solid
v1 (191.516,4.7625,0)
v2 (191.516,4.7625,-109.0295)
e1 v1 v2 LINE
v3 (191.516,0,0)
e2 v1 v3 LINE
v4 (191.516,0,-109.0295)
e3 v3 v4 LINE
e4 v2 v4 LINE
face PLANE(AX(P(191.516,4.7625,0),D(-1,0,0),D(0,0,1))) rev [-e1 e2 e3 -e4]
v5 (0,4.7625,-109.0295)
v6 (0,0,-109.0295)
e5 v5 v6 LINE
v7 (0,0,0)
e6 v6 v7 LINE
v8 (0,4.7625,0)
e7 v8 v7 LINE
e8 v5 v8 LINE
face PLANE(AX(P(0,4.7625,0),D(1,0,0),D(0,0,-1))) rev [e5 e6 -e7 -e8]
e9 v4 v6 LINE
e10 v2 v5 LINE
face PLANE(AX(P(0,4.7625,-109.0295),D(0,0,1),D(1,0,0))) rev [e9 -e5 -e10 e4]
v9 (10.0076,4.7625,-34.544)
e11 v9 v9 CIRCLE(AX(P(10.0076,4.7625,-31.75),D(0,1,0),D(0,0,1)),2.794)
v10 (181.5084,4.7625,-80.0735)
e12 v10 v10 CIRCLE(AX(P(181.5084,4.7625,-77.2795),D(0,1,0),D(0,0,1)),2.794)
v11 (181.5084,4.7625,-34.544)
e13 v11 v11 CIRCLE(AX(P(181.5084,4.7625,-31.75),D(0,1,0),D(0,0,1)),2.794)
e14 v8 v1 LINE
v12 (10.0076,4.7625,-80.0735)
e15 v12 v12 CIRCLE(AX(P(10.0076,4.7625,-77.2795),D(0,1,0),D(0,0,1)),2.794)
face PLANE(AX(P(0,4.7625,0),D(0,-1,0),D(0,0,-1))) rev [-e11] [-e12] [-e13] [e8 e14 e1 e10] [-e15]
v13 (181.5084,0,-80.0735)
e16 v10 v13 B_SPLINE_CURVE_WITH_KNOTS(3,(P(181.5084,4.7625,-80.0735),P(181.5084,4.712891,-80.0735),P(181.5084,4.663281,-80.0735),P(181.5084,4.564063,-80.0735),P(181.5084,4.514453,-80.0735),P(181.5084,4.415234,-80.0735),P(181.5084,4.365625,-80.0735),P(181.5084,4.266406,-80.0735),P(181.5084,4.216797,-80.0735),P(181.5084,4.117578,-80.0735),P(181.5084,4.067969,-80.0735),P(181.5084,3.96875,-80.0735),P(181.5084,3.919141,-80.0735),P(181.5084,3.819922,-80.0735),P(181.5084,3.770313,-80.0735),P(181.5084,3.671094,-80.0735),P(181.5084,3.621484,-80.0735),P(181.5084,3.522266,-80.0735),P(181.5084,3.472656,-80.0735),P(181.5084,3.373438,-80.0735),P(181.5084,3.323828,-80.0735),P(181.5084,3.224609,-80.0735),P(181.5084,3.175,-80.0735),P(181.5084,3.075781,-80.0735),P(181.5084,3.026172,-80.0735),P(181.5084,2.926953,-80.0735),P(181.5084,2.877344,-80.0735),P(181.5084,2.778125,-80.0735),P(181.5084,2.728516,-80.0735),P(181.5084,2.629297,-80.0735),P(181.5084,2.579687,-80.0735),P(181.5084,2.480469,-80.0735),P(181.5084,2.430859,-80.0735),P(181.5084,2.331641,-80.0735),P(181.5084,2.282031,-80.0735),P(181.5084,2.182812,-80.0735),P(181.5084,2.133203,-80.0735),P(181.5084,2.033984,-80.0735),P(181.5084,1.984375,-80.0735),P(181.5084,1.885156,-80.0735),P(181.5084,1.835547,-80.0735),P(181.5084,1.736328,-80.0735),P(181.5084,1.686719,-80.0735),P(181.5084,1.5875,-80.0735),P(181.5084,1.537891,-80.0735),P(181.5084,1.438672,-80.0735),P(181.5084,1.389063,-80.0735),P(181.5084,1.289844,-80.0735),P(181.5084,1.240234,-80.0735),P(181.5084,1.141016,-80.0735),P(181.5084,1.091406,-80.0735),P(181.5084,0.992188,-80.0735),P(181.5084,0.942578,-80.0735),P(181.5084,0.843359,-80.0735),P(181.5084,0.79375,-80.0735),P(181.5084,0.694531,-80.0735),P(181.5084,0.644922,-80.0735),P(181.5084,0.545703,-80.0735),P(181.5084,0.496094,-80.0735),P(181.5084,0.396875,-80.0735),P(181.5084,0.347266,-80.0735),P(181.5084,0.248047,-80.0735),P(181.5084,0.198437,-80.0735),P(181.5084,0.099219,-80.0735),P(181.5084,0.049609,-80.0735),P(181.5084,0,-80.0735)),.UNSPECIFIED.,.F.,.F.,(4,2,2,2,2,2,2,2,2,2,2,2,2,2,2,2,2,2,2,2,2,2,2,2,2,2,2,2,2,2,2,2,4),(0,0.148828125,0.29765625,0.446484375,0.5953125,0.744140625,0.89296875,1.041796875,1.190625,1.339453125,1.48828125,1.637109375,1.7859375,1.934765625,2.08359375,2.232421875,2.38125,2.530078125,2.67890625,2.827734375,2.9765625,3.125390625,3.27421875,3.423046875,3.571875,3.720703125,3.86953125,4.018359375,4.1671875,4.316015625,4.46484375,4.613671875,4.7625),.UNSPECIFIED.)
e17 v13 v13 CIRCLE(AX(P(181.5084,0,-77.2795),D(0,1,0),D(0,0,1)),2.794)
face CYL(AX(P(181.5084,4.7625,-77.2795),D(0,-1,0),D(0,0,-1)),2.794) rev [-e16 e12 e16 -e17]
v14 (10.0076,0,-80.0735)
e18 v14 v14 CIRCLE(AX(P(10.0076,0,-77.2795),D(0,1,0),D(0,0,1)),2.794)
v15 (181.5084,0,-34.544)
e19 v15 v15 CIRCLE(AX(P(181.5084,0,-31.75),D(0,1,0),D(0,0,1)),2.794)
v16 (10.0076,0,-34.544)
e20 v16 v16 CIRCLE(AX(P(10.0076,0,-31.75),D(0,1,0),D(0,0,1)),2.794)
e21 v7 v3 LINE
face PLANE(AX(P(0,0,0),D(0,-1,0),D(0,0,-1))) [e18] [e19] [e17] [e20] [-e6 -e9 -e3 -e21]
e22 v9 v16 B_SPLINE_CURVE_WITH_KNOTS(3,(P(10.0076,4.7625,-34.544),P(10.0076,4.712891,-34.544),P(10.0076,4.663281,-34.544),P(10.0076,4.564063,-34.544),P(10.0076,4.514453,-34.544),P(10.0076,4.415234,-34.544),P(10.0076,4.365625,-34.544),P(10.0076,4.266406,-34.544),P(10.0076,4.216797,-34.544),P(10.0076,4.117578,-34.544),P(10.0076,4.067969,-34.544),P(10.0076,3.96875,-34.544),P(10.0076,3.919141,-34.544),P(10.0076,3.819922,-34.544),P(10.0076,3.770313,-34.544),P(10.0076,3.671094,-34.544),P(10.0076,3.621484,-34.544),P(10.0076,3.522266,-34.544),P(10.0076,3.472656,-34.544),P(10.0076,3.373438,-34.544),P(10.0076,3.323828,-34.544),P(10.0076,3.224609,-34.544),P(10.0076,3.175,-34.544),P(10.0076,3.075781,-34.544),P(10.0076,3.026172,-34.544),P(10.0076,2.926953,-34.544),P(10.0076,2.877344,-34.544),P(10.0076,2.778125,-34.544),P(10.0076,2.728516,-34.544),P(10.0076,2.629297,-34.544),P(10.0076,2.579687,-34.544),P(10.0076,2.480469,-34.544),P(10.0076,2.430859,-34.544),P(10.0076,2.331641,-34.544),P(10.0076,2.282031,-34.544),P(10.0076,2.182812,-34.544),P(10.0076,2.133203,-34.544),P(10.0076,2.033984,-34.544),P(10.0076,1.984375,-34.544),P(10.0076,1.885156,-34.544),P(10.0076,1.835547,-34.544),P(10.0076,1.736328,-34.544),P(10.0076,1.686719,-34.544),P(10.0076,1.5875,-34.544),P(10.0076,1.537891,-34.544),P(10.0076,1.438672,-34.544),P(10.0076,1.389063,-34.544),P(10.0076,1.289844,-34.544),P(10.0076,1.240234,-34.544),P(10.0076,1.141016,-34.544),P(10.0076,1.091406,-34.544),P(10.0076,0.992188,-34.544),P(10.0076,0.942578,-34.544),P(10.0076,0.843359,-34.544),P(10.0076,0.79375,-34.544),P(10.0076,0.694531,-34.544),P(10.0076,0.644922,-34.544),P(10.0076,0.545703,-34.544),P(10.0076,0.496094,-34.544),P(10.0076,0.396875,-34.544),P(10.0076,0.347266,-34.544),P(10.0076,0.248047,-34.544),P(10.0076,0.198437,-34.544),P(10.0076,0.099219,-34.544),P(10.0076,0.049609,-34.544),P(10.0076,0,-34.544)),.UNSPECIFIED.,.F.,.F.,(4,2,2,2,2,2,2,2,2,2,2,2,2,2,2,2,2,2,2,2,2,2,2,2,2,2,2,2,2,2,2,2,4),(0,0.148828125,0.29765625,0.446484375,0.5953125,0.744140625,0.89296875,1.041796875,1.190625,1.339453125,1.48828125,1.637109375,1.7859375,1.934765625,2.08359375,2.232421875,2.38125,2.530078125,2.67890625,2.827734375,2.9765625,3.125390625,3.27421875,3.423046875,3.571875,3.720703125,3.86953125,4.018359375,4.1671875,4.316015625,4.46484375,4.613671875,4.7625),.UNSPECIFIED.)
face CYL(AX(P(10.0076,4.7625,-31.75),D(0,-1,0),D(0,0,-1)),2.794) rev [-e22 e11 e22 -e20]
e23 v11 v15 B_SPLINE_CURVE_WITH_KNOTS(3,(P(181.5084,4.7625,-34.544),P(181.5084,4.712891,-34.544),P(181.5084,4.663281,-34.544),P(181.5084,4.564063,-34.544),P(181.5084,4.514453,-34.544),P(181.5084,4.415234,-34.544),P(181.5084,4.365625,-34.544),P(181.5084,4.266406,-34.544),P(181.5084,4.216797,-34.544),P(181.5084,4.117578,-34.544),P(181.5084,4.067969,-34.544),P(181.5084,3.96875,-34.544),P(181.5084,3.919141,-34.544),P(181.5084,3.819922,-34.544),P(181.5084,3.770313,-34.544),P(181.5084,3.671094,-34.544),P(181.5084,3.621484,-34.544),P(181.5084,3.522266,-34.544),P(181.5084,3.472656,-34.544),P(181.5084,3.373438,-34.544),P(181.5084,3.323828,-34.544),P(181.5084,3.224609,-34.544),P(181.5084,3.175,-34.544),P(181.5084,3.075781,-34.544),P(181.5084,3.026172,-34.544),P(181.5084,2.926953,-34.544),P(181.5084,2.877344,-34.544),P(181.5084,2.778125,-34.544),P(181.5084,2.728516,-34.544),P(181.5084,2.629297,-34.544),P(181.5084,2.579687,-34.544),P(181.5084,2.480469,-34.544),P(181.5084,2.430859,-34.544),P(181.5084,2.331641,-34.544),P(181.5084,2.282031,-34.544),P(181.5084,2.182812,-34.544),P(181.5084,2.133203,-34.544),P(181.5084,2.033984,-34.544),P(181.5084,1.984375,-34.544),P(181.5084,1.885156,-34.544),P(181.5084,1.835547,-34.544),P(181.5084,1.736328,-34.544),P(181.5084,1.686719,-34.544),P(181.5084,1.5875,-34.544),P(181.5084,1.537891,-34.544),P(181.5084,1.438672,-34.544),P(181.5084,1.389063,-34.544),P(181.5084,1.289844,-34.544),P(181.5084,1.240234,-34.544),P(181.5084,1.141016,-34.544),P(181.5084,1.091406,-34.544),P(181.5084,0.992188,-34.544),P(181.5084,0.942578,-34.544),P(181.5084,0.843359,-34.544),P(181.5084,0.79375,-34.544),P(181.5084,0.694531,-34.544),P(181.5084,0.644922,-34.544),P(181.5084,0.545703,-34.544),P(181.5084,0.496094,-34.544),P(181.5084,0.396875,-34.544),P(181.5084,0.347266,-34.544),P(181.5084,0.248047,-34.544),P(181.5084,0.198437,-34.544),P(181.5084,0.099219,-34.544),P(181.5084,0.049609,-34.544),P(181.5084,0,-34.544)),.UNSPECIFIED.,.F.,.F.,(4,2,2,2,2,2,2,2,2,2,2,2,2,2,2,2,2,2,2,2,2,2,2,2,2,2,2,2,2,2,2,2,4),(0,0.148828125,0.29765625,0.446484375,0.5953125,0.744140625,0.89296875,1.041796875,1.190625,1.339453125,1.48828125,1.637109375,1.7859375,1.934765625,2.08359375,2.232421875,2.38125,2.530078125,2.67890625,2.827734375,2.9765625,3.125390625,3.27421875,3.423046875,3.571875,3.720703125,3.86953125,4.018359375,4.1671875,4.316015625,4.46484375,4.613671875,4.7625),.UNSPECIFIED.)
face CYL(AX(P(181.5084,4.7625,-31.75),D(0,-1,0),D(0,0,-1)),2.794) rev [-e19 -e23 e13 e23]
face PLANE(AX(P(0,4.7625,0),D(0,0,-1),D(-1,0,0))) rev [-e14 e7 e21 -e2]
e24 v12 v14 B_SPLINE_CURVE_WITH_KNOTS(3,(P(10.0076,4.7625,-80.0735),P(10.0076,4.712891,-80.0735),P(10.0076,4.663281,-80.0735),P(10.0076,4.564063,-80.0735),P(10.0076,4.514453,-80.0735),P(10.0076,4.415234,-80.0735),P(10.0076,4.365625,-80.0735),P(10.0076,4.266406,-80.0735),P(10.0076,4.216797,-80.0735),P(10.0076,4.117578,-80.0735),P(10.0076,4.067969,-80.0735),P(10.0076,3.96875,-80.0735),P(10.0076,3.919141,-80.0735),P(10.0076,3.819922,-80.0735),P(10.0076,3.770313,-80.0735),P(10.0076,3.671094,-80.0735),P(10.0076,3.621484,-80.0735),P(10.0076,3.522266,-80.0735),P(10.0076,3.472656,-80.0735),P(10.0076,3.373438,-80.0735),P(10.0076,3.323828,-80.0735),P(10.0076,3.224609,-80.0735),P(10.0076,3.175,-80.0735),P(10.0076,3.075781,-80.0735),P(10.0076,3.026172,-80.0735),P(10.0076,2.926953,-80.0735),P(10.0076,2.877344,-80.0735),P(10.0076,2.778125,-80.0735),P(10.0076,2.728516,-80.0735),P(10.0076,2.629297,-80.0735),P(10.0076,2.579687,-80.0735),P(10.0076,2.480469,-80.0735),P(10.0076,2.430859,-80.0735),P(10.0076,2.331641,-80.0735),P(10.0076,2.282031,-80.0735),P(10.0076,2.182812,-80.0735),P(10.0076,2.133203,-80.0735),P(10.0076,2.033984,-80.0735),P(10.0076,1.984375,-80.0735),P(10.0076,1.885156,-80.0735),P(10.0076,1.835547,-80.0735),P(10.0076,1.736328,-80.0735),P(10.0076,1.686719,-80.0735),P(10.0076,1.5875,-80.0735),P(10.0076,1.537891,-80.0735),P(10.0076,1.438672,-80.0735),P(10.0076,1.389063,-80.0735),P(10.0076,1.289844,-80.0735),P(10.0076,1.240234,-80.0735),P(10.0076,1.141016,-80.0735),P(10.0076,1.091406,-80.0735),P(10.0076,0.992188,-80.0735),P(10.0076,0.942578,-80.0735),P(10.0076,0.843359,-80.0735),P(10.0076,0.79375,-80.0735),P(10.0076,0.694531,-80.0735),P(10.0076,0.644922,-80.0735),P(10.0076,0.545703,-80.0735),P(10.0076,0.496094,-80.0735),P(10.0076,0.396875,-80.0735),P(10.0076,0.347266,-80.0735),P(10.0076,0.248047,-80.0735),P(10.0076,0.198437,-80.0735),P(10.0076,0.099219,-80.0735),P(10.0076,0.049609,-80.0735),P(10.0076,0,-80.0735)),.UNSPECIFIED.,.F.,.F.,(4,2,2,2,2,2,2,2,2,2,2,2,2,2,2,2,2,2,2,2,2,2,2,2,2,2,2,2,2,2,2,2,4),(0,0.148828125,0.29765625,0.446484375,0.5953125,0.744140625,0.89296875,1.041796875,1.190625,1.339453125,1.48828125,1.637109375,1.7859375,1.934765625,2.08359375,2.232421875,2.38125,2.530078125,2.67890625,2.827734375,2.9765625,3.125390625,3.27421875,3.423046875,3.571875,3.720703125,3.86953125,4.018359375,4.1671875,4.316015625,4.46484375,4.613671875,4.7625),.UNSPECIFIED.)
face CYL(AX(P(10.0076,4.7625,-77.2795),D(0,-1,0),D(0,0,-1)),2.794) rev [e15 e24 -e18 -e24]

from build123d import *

# Parameters (mm, degrees)
SKETCH1_W           = 191.516
SKETCH1_H           = 109.0295
SKETCH1_R           = 2.794
BOSS_EXTRUDE1_DEPTH = 4.7625


with BuildPart() as part:
    # Sketch1 → Boss-Extrude1 (new body)
    with BuildSketch(Plane(origin=(0, 0, 0), x_dir=(1, 0, 0), z_dir=(0, 1, 0))):
        with Locations((95.758, 54.51475)):
            Rectangle(SKETCH1_W, SKETCH1_H)
        with Locations(Location((10.0076, 77.2795, 0), (0, 0, 90))):
            Circle(SKETCH1_R, mode=Mode.SUBTRACT)
        with Locations(Location((10.0076, 31.75, 0), (0, 0, 90))):
            Circle(SKETCH1_R, mode=Mode.SUBTRACT)
        with Locations(Location((181.5084, 77.2795, 0), (0, 0, 90))):
            Circle(SKETCH1_R, mode=Mode.SUBTRACT)
        with Locations(Location((181.5084, 31.75, 0), (0, 0, 90))):
            Circle(SKETCH1_R, mode=Mode.SUBTRACT)
    extrude(amount=BOSS_EXTRUDE1_DEPTH)


solid = part.part
